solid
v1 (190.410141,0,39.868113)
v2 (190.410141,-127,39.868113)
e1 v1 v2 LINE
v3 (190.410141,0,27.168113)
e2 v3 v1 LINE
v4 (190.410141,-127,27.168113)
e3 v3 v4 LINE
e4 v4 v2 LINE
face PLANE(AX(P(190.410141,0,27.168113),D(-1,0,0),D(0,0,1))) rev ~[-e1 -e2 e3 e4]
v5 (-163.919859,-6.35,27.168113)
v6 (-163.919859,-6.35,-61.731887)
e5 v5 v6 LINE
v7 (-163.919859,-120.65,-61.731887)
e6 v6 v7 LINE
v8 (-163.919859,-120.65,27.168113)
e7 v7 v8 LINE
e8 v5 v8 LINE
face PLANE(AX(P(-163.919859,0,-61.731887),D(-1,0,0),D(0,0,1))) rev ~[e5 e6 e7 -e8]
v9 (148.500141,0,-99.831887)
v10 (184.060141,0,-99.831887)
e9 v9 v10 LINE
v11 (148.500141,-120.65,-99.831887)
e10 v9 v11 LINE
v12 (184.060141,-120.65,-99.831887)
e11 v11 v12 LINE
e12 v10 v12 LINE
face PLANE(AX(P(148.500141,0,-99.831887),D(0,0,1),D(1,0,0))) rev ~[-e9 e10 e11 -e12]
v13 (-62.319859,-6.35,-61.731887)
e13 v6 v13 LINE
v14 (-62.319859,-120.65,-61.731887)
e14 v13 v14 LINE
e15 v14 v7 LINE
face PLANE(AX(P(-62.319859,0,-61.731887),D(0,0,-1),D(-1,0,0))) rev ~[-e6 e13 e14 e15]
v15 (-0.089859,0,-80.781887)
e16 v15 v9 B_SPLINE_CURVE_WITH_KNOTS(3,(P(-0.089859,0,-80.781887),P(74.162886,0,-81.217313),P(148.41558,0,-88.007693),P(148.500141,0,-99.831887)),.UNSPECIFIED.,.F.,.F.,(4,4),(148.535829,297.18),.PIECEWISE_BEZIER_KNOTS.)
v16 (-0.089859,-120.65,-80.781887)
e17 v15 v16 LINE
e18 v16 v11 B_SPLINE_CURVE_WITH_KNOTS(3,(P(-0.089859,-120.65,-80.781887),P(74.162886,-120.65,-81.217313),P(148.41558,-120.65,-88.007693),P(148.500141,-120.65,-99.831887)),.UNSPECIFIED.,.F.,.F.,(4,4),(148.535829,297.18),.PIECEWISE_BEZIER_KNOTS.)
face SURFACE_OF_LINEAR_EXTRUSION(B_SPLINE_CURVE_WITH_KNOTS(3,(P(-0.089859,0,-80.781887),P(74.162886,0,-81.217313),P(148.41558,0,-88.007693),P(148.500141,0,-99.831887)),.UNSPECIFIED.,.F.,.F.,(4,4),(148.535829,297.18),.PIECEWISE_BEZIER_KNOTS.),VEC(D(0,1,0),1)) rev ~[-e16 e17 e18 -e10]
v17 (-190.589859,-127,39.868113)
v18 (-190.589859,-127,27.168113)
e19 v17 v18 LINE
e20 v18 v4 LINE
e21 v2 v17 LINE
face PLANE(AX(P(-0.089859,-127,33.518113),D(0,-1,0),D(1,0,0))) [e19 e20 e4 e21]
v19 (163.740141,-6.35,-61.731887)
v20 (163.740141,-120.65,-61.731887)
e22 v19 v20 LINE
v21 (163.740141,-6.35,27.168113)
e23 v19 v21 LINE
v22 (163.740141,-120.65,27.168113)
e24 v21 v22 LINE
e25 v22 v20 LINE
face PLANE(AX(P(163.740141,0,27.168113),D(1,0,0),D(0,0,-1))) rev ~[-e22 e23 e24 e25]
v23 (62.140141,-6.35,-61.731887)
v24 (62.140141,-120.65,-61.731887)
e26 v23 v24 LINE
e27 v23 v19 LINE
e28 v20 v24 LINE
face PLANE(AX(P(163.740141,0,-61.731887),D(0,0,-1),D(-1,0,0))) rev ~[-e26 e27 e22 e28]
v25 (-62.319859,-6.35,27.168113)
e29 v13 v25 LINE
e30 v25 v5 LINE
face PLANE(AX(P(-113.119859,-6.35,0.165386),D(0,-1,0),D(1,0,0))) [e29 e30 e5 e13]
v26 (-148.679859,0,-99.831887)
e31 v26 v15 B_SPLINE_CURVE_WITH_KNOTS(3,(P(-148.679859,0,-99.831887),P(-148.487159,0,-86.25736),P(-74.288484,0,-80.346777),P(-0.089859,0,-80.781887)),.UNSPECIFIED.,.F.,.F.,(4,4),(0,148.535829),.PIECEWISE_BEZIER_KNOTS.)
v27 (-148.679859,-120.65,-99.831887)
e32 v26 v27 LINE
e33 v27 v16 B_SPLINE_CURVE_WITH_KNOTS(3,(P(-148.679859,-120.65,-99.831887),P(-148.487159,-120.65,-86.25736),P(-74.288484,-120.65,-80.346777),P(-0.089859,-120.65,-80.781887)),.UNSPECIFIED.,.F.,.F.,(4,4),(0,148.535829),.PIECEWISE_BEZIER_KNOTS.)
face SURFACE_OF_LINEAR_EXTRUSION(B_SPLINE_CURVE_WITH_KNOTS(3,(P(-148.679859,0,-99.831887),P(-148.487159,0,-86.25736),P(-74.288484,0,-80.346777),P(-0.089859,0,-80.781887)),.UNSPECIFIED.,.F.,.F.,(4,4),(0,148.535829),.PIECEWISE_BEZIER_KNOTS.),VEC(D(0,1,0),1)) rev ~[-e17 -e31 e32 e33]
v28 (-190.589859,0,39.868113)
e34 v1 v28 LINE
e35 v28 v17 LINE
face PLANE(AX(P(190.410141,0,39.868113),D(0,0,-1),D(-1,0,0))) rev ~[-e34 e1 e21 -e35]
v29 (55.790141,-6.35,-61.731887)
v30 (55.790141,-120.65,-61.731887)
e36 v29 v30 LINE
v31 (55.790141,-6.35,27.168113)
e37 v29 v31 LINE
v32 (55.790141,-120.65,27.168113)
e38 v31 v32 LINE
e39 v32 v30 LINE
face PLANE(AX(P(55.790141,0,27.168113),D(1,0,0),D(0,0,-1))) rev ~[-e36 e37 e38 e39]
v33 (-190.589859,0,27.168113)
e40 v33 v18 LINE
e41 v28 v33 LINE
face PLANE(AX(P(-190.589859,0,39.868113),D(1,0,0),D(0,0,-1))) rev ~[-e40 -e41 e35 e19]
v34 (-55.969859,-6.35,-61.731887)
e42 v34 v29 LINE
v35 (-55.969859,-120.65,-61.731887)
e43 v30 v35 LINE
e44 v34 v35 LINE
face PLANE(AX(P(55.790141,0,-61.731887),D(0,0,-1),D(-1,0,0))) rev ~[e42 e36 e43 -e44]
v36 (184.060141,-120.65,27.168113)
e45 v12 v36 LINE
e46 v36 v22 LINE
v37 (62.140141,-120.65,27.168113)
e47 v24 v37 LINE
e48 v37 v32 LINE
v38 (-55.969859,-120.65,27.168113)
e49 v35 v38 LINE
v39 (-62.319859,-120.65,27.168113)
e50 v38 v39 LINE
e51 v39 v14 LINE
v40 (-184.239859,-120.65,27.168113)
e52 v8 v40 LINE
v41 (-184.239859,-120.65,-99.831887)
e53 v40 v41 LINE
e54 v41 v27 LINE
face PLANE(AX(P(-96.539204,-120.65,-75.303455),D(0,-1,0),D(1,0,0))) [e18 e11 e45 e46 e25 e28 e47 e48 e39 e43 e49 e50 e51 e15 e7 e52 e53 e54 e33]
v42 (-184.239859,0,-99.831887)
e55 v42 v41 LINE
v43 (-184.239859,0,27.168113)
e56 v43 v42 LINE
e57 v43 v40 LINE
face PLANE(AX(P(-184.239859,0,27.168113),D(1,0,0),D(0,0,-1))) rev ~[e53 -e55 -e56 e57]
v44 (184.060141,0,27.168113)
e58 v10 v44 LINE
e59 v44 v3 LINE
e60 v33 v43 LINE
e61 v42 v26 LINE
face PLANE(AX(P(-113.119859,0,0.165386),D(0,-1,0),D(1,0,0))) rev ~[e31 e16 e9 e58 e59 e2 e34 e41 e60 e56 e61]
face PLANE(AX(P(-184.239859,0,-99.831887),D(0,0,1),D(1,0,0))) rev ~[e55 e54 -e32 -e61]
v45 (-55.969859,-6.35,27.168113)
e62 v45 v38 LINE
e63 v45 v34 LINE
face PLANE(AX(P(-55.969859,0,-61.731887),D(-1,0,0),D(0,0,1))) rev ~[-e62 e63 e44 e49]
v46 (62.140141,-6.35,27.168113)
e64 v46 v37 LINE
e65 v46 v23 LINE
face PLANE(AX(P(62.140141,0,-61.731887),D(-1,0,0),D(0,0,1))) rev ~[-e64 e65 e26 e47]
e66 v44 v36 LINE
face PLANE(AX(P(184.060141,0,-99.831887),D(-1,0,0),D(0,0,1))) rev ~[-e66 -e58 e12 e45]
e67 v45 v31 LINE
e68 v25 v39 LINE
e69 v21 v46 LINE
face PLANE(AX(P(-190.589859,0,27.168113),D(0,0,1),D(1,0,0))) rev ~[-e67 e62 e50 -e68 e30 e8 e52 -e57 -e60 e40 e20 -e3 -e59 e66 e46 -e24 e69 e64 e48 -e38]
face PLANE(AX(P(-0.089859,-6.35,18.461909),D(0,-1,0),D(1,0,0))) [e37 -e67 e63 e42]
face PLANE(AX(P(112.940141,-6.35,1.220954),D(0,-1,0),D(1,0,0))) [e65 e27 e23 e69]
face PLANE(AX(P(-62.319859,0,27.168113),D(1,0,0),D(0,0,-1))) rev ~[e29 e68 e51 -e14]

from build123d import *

# Parameters (mm, degrees)
F1_DEPTH = 127
F0_W     = 20.32
F0_H     = 12.833738
F0_H_2   = 10.154468
F2_DEPTH = 120.65
F0_W_2   = 111.76
F0_H_3   = 17.412408
F3_DEPTH = 6.35


with BuildPart() as f1:
    # F0 (on Front) → F1 (new body)
    with BuildSketch(Plane.XZ):
        Polygon((190.410141, 39.868113), (-190.589859, 39.868113), (-190.589859, 27.168113), (-184.239859, 27.168113), (-163.919859, 27.168113), (-62.319859, 27.168113), (-55.969859, 27.168113), (55.790141, 27.168113), (62.140141, 27.168113), (163.740141, 27.168113), (184.060141, 27.168113), (190.410141, 27.168113), align=None)
    extrude(amount=F1_DEPTH)

    # F0 (on Front) → F2 (join)
    with BuildSketch(Plane.XZ):
        with BuildLine():
            Line((-163.919859, -61.731887), (-184.239859, -61.731887))
            Line((-184.239859, -61.731887), (-184.239859, -99.831887))
            Line((-184.239859, -99.831887), (-148.679859, -99.831887))
            add(Edge.make_bspline(
                [(-148.679859, -99.831887), (-148.487159, -86.25736), (-74.288484, -80.346777), (-0.089859, -80.781887)],
                knots=[0, 0, 0, 0, 148.535829, 148.535829, 148.535829, 148.535829], degree=3))
            Line((-0.089859, -80.781887), (-0.089859, -61.731887))
            Line((-0.089859, -61.731887), (-55.969859, -61.731887))
            Line((-55.969859, -61.731887), (-62.319859, -61.731887))
            Line((-62.319859, -61.731887), (-163.919859, -61.731887))
        make_face()
        with BuildLine():
            Line((184.060141, -99.831887), (184.060141, -61.731887))
            Line((184.060141, -61.731887), (163.740141, -61.731887))
            Line((163.740141, -61.731887), (62.140141, -61.731887))
            Line((62.140141, -61.731887), (55.790141, -61.731887))
            Line((55.790141, -61.731887), (-0.089859, -61.731887))
            Line((-0.089859, -61.731887), (-0.089859, -80.781887))
            add(Edge.make_bspline(
                [(-0.089859, -80.781887), (74.162886, -81.217313), (148.41558, -88.007693), (148.500141, -99.831887)],
                knots=[148.535829, 148.535829, 148.535829, 148.535829, 297.18, 297.18, 297.18, 297.18], degree=3))
            Line((148.500141, -99.831887), (184.060141, -99.831887))
        make_face()
        with Locations((173.900141, -55.315018)):
            Rectangle(F0_W, F0_H)
        Polygon((184.060141, -48.898149), (184.060141, 27.168113), (163.740141, 27.168113), (163.740141, -24.726205), (163.740141, -48.898149), align=None)
        Polygon((62.140141, -9.948243), (62.140141, 27.168113), (55.790141, 27.168113), (55.790141, 9.755705), (55.790141, -9.948243), align=None)
        Polygon((62.140141, -24.726205), (62.140141, -9.948243), (55.790141, -9.948243), (55.790141, -61.731887), (62.140141, -61.731887), align=None)
        Polygon((-163.919859, 27.168113), (-184.239859, 27.168113), (-184.239859, -51.577419), (-163.919859, -51.577419), (-163.919859, -26.83734), align=None)
        with Locations((-174.079859, -56.654653)):
            Rectangle(F0_W, F0_H_2)
        Polygon((-55.969859, 27.168113), (-62.319859, 27.168113), (-62.319859, -2.911118), (-55.969859, -2.911118), (-55.969859, 9.755705), align=None)
        Polygon((-55.969859, -2.911118), (-62.319859, -2.911118), (-62.319859, -26.83734), (-62.319859, -61.731887), (-55.969859, -61.731887), align=None)
    extrude(amount=F2_DEPTH)

    # F0 (on Front) → F3 (join)
    with BuildSketch(Plane.XZ):
        Polygon((-62.319859, 27.168113), (-163.919859, 27.168113), (-163.919859, -26.83734), (-62.319859, -26.83734), (-62.319859, -2.911118), align=None)
        Polygon((-163.919859, -26.83734), (-163.919859, -51.577419), (-163.919859, -61.731887), (-62.319859, -61.731887), (-62.319859, -26.83734), align=None)
        with Locations((-0.089859, 18.461909)):
            Rectangle(F0_W_2, F0_H_3)
        Polygon((55.790141, 9.755705), (-55.969859, 9.755705), (-55.969859, -2.911118), (-55.969859, -61.731887), (-0.089859, -61.731887), (55.790141, -61.731887), (55.790141, -9.948243), align=None)
        Polygon((163.740141, -24.726205), (163.740141, 27.168113), (62.140141, 27.168113), (62.140141, -9.948243), (62.140141, -24.726205), align=None)
        Polygon((163.740141, -61.731887), (163.740141, -48.898149), (163.740141, -24.726205), (62.140141, -24.726205), (62.140141, -61.731887), align=None)
    extrude(amount=F3_DEPTH)


solid = f1.part
